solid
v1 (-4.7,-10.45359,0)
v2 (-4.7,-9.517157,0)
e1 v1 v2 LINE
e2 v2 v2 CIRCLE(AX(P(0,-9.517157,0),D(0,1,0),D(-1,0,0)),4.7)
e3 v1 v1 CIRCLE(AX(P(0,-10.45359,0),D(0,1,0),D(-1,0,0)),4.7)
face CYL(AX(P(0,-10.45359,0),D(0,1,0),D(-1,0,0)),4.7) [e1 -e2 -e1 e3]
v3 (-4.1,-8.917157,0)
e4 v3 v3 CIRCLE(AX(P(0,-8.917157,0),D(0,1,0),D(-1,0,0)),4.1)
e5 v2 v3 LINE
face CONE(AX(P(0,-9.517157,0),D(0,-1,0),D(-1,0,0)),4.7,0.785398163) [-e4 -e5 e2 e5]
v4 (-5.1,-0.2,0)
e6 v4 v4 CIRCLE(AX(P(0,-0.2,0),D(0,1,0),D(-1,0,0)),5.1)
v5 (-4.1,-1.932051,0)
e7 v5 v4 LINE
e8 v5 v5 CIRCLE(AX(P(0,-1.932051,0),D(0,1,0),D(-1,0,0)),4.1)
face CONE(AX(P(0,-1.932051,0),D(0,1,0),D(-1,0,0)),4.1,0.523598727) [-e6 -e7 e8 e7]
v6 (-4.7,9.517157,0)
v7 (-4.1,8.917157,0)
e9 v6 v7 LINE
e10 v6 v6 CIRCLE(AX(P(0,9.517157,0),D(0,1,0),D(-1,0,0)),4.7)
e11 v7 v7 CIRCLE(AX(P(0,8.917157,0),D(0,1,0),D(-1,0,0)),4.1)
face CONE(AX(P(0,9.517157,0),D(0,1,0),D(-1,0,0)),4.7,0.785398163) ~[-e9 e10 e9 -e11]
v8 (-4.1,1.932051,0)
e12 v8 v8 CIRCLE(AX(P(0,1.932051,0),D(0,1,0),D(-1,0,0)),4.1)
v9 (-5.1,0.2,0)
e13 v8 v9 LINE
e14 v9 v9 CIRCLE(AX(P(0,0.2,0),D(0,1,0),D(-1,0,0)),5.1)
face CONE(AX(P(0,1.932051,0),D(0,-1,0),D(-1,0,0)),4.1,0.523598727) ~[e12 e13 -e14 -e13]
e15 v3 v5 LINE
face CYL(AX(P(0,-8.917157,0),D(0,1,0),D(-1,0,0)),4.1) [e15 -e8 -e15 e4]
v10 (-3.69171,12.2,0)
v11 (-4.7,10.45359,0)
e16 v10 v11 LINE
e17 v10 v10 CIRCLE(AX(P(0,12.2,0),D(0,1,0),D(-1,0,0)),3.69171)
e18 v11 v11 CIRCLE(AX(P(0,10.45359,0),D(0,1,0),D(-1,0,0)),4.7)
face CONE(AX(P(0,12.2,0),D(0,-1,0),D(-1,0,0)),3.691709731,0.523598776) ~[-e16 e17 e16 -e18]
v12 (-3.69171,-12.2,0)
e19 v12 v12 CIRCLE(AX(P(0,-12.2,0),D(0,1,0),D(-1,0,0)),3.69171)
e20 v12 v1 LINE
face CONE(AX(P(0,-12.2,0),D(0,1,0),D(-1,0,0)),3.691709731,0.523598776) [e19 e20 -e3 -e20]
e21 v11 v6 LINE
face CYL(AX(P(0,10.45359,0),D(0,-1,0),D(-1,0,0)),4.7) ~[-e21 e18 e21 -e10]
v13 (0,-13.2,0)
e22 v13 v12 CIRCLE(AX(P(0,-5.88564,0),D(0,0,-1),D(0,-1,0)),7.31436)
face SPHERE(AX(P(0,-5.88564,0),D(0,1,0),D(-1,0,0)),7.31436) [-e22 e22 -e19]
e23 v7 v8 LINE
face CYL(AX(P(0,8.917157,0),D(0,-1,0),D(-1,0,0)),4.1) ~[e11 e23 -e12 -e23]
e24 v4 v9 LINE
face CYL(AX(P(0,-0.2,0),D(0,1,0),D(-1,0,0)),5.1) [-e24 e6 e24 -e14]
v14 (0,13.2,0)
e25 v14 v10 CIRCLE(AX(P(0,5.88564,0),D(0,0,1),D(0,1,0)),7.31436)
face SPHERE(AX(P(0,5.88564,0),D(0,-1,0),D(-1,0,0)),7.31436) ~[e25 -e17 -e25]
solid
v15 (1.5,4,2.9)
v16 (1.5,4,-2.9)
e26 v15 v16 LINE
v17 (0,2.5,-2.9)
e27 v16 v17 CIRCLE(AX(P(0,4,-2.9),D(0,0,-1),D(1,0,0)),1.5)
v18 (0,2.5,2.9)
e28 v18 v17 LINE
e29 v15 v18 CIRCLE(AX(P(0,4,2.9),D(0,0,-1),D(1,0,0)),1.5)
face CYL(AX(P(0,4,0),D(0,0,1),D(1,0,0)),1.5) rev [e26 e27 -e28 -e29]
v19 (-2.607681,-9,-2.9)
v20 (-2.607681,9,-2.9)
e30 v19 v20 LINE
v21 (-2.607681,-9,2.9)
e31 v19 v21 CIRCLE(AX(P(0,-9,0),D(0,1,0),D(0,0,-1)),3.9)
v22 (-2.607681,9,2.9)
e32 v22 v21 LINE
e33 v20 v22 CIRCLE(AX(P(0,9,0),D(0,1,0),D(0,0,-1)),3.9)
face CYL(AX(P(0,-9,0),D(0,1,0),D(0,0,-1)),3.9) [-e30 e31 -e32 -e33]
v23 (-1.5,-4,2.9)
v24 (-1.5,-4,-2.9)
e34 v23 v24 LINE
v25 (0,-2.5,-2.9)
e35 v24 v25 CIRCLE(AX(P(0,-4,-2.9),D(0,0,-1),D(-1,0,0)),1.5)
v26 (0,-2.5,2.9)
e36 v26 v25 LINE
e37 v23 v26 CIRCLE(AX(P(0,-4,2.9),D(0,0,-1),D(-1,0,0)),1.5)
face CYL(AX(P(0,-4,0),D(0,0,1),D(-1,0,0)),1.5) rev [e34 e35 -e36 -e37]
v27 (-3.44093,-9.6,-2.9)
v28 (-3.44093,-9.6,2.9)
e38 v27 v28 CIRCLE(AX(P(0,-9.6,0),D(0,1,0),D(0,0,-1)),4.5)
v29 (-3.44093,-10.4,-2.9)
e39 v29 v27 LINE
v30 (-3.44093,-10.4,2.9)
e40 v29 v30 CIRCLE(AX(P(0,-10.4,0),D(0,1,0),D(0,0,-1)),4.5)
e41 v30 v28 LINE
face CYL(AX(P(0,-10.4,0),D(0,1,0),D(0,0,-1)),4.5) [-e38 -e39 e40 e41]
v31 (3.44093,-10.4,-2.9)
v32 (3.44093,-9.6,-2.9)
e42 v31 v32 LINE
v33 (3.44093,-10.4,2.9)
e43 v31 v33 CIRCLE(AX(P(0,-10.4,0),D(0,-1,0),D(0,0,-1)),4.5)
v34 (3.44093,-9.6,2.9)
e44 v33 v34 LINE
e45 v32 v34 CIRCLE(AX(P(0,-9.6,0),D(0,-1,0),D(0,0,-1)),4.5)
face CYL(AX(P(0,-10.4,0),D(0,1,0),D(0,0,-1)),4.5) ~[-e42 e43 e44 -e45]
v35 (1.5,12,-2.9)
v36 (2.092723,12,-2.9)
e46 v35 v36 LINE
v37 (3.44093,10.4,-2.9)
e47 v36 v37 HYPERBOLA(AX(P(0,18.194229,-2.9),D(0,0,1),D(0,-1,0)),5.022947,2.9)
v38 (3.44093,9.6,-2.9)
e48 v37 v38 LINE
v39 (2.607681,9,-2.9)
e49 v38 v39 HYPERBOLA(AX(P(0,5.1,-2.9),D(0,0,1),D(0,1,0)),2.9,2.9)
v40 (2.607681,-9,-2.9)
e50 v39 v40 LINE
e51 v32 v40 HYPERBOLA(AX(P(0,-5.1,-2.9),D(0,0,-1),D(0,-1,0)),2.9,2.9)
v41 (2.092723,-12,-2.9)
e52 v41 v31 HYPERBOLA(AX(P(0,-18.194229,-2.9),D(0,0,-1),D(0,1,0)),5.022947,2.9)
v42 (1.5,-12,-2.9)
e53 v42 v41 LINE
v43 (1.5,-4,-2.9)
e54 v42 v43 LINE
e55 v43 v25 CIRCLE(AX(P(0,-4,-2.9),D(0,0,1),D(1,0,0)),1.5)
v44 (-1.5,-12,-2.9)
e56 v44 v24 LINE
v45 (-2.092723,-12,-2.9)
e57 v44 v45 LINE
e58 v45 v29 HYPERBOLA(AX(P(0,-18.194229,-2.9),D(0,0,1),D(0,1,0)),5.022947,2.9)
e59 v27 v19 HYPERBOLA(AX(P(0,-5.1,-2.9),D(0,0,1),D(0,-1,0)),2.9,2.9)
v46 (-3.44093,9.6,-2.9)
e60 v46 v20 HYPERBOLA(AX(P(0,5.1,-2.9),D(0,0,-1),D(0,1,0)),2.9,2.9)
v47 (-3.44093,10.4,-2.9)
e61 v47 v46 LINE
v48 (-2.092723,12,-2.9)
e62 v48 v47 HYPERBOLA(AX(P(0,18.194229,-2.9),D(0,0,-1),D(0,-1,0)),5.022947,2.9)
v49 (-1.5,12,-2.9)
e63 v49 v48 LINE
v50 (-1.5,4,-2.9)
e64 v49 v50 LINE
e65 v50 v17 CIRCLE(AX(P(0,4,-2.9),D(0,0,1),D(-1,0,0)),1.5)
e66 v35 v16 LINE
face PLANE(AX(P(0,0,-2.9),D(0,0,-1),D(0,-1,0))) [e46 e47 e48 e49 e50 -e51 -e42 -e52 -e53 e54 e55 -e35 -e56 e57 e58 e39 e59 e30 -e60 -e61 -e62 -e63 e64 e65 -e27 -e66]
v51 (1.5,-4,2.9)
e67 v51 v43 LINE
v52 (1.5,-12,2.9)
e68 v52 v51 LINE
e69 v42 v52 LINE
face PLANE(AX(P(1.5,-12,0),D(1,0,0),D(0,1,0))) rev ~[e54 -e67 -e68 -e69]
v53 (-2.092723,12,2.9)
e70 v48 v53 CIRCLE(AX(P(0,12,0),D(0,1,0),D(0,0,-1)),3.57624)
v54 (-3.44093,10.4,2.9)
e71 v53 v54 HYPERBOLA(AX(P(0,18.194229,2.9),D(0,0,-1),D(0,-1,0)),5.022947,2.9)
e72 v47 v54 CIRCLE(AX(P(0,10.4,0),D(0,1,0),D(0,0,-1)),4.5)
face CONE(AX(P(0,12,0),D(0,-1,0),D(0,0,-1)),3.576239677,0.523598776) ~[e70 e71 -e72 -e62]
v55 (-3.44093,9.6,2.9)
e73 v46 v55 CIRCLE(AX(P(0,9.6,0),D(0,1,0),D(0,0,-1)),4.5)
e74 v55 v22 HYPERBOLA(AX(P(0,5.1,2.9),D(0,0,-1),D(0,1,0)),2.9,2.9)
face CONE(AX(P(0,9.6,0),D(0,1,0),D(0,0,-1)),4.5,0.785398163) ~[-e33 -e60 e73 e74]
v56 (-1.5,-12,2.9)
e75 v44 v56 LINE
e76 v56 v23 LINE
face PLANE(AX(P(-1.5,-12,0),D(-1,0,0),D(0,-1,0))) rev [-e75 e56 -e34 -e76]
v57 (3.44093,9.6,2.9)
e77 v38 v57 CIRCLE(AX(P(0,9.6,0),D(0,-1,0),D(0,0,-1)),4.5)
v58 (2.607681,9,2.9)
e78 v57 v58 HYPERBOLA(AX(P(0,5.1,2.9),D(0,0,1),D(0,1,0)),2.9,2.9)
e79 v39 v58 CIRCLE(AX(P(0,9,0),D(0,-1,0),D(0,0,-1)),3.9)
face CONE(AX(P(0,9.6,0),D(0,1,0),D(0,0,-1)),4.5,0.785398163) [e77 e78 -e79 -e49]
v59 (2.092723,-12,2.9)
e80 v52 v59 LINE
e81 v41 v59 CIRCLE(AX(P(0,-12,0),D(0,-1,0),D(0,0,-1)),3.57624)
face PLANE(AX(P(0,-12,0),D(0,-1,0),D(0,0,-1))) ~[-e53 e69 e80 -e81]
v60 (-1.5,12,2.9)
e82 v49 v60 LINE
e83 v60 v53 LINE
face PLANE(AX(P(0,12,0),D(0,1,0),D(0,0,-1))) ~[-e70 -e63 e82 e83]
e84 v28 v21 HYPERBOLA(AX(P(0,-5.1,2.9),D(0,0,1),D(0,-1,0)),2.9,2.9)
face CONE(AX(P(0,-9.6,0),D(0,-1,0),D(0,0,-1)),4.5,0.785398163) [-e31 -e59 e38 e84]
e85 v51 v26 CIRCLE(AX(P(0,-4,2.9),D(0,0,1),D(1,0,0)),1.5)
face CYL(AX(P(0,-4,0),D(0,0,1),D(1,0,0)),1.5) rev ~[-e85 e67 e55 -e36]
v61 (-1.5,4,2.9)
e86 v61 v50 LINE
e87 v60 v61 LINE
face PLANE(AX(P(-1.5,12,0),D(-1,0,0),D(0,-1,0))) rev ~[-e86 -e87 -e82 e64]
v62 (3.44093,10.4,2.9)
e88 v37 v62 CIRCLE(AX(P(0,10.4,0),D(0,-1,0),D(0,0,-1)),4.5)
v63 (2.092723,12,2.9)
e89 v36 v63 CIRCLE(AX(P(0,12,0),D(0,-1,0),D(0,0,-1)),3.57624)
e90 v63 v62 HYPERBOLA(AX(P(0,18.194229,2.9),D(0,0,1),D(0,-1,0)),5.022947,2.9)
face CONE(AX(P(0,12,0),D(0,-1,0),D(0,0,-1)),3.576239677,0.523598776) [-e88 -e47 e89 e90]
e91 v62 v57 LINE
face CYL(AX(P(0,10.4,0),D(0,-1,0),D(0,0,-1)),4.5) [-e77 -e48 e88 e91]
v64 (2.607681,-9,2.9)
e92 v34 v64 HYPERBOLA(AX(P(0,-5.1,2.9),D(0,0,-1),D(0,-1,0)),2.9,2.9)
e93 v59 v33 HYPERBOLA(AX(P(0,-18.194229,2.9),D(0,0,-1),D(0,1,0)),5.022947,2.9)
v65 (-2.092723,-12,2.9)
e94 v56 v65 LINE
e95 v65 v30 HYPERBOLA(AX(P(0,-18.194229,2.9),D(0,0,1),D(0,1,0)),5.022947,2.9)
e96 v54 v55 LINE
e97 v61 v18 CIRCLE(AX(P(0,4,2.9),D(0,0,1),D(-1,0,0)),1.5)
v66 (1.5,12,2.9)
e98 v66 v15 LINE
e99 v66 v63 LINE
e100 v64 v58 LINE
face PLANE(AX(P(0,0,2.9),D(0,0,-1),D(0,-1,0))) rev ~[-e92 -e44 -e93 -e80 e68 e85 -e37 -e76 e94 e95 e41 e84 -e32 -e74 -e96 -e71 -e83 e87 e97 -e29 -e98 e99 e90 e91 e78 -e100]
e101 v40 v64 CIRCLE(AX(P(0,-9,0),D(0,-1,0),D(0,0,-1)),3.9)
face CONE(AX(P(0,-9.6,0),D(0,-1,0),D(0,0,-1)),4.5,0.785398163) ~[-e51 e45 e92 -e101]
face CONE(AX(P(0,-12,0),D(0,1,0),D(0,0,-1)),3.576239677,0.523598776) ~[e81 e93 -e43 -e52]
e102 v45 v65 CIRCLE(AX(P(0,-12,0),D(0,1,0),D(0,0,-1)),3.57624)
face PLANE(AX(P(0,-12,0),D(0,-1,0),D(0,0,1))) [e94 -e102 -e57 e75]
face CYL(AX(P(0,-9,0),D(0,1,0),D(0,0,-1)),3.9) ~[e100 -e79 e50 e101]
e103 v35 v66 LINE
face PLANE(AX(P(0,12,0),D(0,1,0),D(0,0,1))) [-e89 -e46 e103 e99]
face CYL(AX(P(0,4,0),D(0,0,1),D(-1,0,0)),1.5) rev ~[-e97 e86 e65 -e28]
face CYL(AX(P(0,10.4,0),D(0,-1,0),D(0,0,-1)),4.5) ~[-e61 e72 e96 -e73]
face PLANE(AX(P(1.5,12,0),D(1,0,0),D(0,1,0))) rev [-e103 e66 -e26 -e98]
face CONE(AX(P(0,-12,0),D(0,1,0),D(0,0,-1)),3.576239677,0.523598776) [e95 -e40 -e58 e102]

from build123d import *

# Parameters (mm, degrees)
F3_ANGLE_BACK = 90
F3_ANGLE      = 180
F4_DEPTH      = 4.501
F4_DEPTH_BACK = 4.501
F1_W          = 12
F1_H          = 1.6
F5_DEPTH      = 4.501


with BuildPart() as f3:
    # F0 (on Top) → F3 (revolve)
    with BuildSketch(Plane.XY, mode=Mode.PRIVATE) as f3_sk:
        with BuildLine():
            Line((-3.576239677, 12), (-4.5, 10.4000001865))
            Line((-4.5, 10.4000001865), (-4.5, 9.6000001865))
            Line((-4.5, 9.6000001865), (-3.9, 9.0000001865))
            Line((-3.9, 9.0000001865), (-3.9, 0))
            Line((-3.9, 0), (0, 0))
            Line((0, 0), (0, 2.5))
            ThreePointArc((0, 2.5), (-1.0606601718, 2.9393398282), (-1.5, 4))
            Line((-1.5, 4), (-1.5, 12))
            Line((-1.5, 12), (-3.576239677, 12))
        make_face()
    revolve(f3_sk.sketch.rotate(Axis((0, 7.25, 0), (0, 1, 0)), -F3_ANGLE_BACK), axis=Axis((0, 7.25, 0), (0, 1, 0)), revolution_arc=F3_ANGLE)

    # F0 (on Top) → F4 (cut, two sides)
    with BuildSketch(Plane.XY) as f4_sk:
        with BuildLine():
            Line((0, 12), (-1.5, 12))
            Line((-1.5, 12), (-1.5, 4))
            ThreePointArc((-1.5, 4), (-1.0606601718, 2.9393398282), (0, 2.5))
            Line((0, 2.5), (0, 12))
        make_face()
    extrude(amount=F4_DEPTH, mode=Mode.SUBTRACT)
    extrude(f4_sk.sketch, amount=-F4_DEPTH_BACK, mode=Mode.SUBTRACT)

    # F1 (on Right) → F5 (cut, through all)
    with BuildSketch(Plane.YZ):
        with Locations((6, 3.7)):
            Rectangle(F1_W, F1_H)
        with Locations((6, -3.7)):
            Rectangle(F1_W, F1_H)
    extrude(amount=-F5_DEPTH, mode=Mode.SUBTRACT)

    # F6: F3 across plane


with BuildPart() as f3_1:
    add(f3.part)
    add(f3.part.mirror(Plane.YZ))

    # F7: F3 across plane


with BuildPart() as f3_2:
    add(f3_1.part)
    add(f3_1.part.mirror(Plane.XZ))


with BuildPart() as f8:
    # F2 (on Top) → F8 (revolve)
    with BuildSketch(Plane.XY):
        with BuildLine():
            Line((-4.1, 8.917157474), (-4.1, 1.932051))
            Line((-4.1, 1.932051), (-5.1, 0.2))
            Line((-5.1, 0.2), (-5.1, 0))
            Line((-5.1, 0), (0, 0))
            Line((0, 0), (0, 13.2))
            ThreePointArc((0, 13.2), (-1.9123755343, 12.9455750006), (-3.6917097308, 12.2))
            Line((-3.6917097308, 12.2), (-4.7, 10.453590025))
            Line((-4.7, 10.453590025), (-4.7, 9.517157474))
            Line((-4.7, 9.517157474), (-4.1, 8.917157474))
        make_face()
    revolve(axis=Axis((0, 6.6, 0), (0, 1, 0)))

    # F9: F8 across plane


with BuildPart() as f8_1:
    add(f8.part)
    add(f8.part.mirror(Plane.XZ))


solid = Compound([f3_2.part, f8_1.part])
